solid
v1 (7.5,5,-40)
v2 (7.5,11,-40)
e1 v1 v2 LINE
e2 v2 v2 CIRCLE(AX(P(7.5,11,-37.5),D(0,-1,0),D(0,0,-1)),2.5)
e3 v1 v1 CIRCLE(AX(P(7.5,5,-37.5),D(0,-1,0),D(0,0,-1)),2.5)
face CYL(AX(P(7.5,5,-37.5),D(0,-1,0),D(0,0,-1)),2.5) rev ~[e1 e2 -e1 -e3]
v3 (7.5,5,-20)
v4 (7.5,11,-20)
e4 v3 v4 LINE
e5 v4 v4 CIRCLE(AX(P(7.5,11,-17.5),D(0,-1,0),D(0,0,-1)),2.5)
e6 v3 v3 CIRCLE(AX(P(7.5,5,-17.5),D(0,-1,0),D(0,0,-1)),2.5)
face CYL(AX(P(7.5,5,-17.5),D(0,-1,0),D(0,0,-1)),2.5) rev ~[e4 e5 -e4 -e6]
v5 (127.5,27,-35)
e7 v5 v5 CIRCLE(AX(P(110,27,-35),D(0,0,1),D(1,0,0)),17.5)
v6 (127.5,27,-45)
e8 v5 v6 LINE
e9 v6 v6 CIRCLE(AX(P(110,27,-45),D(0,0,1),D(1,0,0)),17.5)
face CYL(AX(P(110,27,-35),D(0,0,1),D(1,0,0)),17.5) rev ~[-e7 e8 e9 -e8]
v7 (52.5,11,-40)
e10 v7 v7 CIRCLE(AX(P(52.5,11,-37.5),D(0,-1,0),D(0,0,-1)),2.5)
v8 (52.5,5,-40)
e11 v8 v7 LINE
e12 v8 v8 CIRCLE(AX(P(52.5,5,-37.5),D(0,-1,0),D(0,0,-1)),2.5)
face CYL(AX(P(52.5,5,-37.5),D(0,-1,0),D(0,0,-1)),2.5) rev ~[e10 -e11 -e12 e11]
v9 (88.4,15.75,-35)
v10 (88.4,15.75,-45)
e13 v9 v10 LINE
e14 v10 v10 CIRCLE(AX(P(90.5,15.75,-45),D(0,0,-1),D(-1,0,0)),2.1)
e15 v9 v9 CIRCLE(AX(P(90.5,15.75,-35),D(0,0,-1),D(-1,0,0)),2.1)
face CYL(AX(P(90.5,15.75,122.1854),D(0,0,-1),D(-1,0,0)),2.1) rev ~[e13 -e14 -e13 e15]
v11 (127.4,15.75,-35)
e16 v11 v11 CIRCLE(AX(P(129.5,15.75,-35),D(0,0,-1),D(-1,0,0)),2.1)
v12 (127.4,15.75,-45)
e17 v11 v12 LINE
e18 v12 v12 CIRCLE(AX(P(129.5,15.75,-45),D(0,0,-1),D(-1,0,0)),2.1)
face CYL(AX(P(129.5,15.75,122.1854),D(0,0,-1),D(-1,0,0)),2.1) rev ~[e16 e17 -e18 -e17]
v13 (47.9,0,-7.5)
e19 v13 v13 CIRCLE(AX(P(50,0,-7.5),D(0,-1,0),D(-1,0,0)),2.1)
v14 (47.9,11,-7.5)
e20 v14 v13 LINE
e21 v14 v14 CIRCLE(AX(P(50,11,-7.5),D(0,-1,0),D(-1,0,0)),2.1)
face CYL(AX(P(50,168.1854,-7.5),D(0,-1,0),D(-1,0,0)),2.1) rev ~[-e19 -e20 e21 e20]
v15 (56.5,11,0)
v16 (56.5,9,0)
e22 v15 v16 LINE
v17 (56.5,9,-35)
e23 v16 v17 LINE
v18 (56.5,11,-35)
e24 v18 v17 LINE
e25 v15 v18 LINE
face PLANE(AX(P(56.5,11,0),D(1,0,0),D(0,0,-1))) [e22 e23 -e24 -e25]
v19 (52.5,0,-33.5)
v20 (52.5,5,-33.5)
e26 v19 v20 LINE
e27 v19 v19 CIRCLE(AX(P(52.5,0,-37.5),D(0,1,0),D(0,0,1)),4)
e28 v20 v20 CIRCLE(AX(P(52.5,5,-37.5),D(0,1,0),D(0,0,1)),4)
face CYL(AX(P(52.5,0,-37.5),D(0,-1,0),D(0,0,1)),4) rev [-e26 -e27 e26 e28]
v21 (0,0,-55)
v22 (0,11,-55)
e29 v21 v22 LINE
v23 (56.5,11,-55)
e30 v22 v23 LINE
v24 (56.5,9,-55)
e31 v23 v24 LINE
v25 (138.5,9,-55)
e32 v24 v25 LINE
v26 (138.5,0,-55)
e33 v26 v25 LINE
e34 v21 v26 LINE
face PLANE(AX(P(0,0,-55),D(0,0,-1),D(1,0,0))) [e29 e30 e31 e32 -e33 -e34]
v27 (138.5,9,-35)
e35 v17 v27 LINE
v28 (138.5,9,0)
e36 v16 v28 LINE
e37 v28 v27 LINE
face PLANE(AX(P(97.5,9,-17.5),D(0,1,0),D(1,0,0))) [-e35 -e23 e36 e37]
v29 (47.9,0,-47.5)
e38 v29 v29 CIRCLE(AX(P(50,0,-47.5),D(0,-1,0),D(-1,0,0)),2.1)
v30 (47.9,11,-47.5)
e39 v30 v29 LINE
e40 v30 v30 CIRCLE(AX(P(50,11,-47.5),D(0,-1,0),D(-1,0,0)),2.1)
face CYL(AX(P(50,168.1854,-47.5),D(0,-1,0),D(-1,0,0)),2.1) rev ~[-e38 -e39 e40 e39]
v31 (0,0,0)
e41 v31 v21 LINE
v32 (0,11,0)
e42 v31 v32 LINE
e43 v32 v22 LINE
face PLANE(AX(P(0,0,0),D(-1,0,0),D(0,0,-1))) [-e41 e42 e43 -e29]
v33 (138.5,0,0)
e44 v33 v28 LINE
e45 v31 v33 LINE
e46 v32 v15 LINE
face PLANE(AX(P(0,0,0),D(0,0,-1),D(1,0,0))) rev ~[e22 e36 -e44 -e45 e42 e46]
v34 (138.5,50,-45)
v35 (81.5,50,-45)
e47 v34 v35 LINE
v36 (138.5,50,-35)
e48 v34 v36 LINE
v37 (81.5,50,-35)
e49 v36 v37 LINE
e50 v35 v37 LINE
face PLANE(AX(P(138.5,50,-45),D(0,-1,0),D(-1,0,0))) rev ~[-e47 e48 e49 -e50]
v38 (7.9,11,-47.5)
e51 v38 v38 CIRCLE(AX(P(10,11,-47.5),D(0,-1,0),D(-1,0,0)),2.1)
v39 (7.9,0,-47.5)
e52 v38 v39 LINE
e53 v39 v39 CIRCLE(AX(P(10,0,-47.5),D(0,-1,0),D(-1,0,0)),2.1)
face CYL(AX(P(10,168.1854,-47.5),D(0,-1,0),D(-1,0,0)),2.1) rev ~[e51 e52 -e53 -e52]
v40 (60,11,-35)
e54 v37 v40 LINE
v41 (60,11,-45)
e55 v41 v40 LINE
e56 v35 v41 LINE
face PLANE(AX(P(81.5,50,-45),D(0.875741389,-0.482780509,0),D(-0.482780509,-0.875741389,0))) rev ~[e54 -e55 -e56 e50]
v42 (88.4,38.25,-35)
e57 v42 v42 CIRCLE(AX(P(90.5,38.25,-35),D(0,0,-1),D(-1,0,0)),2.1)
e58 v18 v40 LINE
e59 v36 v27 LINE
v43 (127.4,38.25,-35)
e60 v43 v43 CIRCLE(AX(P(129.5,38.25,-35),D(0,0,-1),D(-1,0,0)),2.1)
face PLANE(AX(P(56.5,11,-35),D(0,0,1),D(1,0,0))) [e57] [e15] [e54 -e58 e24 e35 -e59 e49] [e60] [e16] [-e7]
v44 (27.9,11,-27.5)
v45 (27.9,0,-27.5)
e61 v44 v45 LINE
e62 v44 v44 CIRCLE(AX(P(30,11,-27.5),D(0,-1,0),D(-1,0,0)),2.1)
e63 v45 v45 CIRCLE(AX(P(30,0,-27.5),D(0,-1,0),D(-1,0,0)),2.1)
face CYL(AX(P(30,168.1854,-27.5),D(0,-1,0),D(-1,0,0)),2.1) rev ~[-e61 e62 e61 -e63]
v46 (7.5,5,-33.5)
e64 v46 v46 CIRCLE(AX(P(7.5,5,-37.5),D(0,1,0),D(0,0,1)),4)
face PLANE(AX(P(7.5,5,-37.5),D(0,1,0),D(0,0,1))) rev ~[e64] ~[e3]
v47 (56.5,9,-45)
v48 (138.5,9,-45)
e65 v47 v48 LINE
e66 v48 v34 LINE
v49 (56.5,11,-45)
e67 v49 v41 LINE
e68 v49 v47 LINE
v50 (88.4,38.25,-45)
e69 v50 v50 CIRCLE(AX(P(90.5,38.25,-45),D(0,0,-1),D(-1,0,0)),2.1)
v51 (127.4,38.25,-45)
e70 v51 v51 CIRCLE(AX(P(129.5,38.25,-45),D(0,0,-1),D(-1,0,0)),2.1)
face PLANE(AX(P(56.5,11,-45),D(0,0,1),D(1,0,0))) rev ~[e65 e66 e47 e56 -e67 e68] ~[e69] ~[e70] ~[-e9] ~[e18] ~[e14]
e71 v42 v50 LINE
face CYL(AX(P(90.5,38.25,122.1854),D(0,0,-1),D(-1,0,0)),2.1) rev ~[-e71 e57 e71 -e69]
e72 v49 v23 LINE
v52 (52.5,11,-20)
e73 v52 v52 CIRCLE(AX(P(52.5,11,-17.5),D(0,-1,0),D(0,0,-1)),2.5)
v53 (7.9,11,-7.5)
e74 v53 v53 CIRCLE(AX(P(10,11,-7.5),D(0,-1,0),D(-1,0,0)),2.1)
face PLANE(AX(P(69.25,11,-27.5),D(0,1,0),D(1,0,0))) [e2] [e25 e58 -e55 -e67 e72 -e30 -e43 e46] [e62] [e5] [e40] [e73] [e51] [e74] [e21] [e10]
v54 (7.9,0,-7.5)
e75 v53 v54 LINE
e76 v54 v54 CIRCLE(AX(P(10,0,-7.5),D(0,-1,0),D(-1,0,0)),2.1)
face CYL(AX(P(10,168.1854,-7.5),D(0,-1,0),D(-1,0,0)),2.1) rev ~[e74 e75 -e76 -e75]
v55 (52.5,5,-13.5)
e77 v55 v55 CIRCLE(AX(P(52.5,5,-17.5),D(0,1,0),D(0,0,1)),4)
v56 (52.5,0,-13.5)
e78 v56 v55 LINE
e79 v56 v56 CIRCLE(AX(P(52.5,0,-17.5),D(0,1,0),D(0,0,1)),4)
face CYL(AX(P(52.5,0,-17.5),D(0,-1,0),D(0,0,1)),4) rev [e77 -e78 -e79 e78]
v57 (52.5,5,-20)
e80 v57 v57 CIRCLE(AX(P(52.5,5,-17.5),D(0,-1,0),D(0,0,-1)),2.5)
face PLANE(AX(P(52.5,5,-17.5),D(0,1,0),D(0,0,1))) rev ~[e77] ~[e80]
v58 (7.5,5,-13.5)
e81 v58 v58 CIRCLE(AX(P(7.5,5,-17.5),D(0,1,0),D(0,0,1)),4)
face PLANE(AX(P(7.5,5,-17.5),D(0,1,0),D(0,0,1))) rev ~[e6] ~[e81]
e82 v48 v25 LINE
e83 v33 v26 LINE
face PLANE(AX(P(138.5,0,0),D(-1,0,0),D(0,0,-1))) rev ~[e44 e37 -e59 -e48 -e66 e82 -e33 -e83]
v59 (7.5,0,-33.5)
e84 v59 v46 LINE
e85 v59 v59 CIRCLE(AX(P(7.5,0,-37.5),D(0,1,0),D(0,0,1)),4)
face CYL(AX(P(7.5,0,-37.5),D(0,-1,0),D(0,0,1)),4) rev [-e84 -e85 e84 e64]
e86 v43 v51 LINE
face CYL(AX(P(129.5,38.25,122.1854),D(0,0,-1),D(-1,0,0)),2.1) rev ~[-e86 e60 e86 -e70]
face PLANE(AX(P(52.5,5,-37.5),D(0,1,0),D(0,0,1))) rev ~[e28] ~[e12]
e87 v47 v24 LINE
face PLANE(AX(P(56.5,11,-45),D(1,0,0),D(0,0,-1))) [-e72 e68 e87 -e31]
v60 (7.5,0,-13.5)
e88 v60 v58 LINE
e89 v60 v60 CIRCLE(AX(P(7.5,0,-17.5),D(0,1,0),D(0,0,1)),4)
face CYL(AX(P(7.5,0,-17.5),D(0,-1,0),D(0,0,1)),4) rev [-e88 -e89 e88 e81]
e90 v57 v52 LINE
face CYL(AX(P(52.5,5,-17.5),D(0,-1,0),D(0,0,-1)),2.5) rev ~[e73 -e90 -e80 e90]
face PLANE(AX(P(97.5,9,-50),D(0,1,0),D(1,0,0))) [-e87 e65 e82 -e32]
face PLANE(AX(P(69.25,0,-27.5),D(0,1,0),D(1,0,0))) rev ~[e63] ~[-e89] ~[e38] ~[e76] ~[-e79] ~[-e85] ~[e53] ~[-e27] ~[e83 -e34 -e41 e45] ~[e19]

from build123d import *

# Parameters (mm, degrees)
SKETCH_1_W          = 138.5
SKETCH_1_H          = 55
EXTRUDE_1_DEPTH     = 11
EXTRUDE_2_DEPTH     = 10
SKETCH_3_W          = 82
SKETCH_3_H          = 10
CUT_EXTRUDE_1_DEPTH = 2
SKETCH_4_W          = 82
SKETCH_4_H          = 35
CUT_EXTRUDE_2_DEPTH = 2
SKETCH_5_R          = 17.5
CUT_EXTRUDE_3_DEPTH = 152.351412283
HOLE_WIZARD_M5_1_D  = 4.2
SKETCH_9_R          = 4
CUT_EXTRUDE_5_DEPTH = 5
SKETCH_10_R         = 2.5
CUT_EXTRUDE_6_DEPTH = 156.667112776
HOLE_WIZARD_M5_2_D  = 4.2


with BuildPart() as part:
    # 스케치1 → 보스-돌출1 (new body)
    with BuildSketch(Plane(origin=(0, 0, 0), x_dir=(1, 0, 0), z_dir=(0, 1, 0))):
        with Locations((69.25, 27.5)):
            Rectangle(SKETCH_1_W, SKETCH_1_H)
    extrude(amount=EXTRUDE_1_DEPTH)

    # 스케치2 → 보스-돌출2 (add)
    with BuildSketch(Plane(origin=(0, 0, -45), x_dir=(-1, 0, 0), z_dir=(0, 0, -1))):
        Polygon((-138.5, 11), (-138.5, 50), (-81.5, 50), (-60, 11), align=None)
    extrude(amount=-EXTRUDE_2_DEPTH)

    # 스케치3 → 컷-돌출1 (cut)
    with BuildSketch(Plane(origin=(0, 11, 0), x_dir=(1, 0, 0), z_dir=(0, 1, 0))):
        with Locations((97.5, 50)):
            Rectangle(SKETCH_3_W, SKETCH_3_H)
    extrude(amount=-CUT_EXTRUDE_1_DEPTH, mode=Mode.SUBTRACT)

    # 스케치4 → 컷-돌출2 (cut)
    with BuildSketch(Plane(origin=(0, 11, 0), x_dir=(1, 0, 0), z_dir=(0, 1, 0))):
        with Locations((97.5, 17.5)):
            Rectangle(SKETCH_4_W, SKETCH_4_H)
    extrude(amount=-CUT_EXTRUDE_2_DEPTH, mode=Mode.SUBTRACT)

    # 스케치5 → 컷-돌출3 (cut, through all)
    with BuildSketch(Plane.XY.offset(-35)):
        with Locations((110, 27)):
            Circle(SKETCH_5_R)
    extrude(amount=-CUT_EXTRUDE_3_DEPTH, mode=Mode.SUBTRACT)

    # M5 나사 구멍1 (through all)
    with Locations(Plane.XY.offset(-35)):
        with Locations((90.5, 38.25), (129.5, 38.25), (129.5, 15.75), (90.5, 15.75)):
            Hole(HOLE_WIZARD_M5_1_D / 2)

    # 스케치9 → 컷-돌출5 (cut)
    with BuildSketch(Plane(origin=(0, 0, 0), x_dir=(1, 0, 0), z_dir=(0, 1, 0))):
        with Locations(Location((7.5, 37.5, 0), (0, 0, 270))):
            Circle(SKETCH_9_R)
        with Locations(Location((52.5, 37.5, 0), (0, 0, 270))):
            Circle(SKETCH_9_R)
        with Locations(Location((7.5, 17.5, 0), (0, 0, 270))):
            Circle(SKETCH_9_R)
        with Locations(Location((52.5, 17.5, 0), (0, 0, 270))):
            Circle(SKETCH_9_R)
    extrude(amount=CUT_EXTRUDE_5_DEPTH, mode=Mode.SUBTRACT)

    # 스케치10 → 컷-돌출6 (cut, through all)
    with BuildSketch(Plane.XZ.offset(-5)):
        with Locations(Location((52.5, -17.5, 0), (0, 0, 270))):
            Circle(SKETCH_10_R)
        with Locations(Location((52.5, -37.5, 0), (0, 0, 270))):
            Circle(SKETCH_10_R)
        with Locations(Location((7.5, -37.5, 0), (0, 0, 270))):
            Circle(SKETCH_10_R)
        with Locations(Location((7.5, -17.5, 0), (0, 0, 270))):
            Circle(SKETCH_10_R)
    extrude(amount=-CUT_EXTRUDE_6_DEPTH, mode=Mode.SUBTRACT)

    # M5 나사 구멍2 (through all)
    with Locations(Plane(origin=(0, 11, 0), x_dir=(1, 0, 0), z_dir=(0, 1, 0))):
        with Locations((10, 47.5), (50, 47.5), (10, 7.5), (50, 7.5), (30, 27.5)):
            Hole(HOLE_WIZARD_M5_2_D / 2)


solid = part.part
